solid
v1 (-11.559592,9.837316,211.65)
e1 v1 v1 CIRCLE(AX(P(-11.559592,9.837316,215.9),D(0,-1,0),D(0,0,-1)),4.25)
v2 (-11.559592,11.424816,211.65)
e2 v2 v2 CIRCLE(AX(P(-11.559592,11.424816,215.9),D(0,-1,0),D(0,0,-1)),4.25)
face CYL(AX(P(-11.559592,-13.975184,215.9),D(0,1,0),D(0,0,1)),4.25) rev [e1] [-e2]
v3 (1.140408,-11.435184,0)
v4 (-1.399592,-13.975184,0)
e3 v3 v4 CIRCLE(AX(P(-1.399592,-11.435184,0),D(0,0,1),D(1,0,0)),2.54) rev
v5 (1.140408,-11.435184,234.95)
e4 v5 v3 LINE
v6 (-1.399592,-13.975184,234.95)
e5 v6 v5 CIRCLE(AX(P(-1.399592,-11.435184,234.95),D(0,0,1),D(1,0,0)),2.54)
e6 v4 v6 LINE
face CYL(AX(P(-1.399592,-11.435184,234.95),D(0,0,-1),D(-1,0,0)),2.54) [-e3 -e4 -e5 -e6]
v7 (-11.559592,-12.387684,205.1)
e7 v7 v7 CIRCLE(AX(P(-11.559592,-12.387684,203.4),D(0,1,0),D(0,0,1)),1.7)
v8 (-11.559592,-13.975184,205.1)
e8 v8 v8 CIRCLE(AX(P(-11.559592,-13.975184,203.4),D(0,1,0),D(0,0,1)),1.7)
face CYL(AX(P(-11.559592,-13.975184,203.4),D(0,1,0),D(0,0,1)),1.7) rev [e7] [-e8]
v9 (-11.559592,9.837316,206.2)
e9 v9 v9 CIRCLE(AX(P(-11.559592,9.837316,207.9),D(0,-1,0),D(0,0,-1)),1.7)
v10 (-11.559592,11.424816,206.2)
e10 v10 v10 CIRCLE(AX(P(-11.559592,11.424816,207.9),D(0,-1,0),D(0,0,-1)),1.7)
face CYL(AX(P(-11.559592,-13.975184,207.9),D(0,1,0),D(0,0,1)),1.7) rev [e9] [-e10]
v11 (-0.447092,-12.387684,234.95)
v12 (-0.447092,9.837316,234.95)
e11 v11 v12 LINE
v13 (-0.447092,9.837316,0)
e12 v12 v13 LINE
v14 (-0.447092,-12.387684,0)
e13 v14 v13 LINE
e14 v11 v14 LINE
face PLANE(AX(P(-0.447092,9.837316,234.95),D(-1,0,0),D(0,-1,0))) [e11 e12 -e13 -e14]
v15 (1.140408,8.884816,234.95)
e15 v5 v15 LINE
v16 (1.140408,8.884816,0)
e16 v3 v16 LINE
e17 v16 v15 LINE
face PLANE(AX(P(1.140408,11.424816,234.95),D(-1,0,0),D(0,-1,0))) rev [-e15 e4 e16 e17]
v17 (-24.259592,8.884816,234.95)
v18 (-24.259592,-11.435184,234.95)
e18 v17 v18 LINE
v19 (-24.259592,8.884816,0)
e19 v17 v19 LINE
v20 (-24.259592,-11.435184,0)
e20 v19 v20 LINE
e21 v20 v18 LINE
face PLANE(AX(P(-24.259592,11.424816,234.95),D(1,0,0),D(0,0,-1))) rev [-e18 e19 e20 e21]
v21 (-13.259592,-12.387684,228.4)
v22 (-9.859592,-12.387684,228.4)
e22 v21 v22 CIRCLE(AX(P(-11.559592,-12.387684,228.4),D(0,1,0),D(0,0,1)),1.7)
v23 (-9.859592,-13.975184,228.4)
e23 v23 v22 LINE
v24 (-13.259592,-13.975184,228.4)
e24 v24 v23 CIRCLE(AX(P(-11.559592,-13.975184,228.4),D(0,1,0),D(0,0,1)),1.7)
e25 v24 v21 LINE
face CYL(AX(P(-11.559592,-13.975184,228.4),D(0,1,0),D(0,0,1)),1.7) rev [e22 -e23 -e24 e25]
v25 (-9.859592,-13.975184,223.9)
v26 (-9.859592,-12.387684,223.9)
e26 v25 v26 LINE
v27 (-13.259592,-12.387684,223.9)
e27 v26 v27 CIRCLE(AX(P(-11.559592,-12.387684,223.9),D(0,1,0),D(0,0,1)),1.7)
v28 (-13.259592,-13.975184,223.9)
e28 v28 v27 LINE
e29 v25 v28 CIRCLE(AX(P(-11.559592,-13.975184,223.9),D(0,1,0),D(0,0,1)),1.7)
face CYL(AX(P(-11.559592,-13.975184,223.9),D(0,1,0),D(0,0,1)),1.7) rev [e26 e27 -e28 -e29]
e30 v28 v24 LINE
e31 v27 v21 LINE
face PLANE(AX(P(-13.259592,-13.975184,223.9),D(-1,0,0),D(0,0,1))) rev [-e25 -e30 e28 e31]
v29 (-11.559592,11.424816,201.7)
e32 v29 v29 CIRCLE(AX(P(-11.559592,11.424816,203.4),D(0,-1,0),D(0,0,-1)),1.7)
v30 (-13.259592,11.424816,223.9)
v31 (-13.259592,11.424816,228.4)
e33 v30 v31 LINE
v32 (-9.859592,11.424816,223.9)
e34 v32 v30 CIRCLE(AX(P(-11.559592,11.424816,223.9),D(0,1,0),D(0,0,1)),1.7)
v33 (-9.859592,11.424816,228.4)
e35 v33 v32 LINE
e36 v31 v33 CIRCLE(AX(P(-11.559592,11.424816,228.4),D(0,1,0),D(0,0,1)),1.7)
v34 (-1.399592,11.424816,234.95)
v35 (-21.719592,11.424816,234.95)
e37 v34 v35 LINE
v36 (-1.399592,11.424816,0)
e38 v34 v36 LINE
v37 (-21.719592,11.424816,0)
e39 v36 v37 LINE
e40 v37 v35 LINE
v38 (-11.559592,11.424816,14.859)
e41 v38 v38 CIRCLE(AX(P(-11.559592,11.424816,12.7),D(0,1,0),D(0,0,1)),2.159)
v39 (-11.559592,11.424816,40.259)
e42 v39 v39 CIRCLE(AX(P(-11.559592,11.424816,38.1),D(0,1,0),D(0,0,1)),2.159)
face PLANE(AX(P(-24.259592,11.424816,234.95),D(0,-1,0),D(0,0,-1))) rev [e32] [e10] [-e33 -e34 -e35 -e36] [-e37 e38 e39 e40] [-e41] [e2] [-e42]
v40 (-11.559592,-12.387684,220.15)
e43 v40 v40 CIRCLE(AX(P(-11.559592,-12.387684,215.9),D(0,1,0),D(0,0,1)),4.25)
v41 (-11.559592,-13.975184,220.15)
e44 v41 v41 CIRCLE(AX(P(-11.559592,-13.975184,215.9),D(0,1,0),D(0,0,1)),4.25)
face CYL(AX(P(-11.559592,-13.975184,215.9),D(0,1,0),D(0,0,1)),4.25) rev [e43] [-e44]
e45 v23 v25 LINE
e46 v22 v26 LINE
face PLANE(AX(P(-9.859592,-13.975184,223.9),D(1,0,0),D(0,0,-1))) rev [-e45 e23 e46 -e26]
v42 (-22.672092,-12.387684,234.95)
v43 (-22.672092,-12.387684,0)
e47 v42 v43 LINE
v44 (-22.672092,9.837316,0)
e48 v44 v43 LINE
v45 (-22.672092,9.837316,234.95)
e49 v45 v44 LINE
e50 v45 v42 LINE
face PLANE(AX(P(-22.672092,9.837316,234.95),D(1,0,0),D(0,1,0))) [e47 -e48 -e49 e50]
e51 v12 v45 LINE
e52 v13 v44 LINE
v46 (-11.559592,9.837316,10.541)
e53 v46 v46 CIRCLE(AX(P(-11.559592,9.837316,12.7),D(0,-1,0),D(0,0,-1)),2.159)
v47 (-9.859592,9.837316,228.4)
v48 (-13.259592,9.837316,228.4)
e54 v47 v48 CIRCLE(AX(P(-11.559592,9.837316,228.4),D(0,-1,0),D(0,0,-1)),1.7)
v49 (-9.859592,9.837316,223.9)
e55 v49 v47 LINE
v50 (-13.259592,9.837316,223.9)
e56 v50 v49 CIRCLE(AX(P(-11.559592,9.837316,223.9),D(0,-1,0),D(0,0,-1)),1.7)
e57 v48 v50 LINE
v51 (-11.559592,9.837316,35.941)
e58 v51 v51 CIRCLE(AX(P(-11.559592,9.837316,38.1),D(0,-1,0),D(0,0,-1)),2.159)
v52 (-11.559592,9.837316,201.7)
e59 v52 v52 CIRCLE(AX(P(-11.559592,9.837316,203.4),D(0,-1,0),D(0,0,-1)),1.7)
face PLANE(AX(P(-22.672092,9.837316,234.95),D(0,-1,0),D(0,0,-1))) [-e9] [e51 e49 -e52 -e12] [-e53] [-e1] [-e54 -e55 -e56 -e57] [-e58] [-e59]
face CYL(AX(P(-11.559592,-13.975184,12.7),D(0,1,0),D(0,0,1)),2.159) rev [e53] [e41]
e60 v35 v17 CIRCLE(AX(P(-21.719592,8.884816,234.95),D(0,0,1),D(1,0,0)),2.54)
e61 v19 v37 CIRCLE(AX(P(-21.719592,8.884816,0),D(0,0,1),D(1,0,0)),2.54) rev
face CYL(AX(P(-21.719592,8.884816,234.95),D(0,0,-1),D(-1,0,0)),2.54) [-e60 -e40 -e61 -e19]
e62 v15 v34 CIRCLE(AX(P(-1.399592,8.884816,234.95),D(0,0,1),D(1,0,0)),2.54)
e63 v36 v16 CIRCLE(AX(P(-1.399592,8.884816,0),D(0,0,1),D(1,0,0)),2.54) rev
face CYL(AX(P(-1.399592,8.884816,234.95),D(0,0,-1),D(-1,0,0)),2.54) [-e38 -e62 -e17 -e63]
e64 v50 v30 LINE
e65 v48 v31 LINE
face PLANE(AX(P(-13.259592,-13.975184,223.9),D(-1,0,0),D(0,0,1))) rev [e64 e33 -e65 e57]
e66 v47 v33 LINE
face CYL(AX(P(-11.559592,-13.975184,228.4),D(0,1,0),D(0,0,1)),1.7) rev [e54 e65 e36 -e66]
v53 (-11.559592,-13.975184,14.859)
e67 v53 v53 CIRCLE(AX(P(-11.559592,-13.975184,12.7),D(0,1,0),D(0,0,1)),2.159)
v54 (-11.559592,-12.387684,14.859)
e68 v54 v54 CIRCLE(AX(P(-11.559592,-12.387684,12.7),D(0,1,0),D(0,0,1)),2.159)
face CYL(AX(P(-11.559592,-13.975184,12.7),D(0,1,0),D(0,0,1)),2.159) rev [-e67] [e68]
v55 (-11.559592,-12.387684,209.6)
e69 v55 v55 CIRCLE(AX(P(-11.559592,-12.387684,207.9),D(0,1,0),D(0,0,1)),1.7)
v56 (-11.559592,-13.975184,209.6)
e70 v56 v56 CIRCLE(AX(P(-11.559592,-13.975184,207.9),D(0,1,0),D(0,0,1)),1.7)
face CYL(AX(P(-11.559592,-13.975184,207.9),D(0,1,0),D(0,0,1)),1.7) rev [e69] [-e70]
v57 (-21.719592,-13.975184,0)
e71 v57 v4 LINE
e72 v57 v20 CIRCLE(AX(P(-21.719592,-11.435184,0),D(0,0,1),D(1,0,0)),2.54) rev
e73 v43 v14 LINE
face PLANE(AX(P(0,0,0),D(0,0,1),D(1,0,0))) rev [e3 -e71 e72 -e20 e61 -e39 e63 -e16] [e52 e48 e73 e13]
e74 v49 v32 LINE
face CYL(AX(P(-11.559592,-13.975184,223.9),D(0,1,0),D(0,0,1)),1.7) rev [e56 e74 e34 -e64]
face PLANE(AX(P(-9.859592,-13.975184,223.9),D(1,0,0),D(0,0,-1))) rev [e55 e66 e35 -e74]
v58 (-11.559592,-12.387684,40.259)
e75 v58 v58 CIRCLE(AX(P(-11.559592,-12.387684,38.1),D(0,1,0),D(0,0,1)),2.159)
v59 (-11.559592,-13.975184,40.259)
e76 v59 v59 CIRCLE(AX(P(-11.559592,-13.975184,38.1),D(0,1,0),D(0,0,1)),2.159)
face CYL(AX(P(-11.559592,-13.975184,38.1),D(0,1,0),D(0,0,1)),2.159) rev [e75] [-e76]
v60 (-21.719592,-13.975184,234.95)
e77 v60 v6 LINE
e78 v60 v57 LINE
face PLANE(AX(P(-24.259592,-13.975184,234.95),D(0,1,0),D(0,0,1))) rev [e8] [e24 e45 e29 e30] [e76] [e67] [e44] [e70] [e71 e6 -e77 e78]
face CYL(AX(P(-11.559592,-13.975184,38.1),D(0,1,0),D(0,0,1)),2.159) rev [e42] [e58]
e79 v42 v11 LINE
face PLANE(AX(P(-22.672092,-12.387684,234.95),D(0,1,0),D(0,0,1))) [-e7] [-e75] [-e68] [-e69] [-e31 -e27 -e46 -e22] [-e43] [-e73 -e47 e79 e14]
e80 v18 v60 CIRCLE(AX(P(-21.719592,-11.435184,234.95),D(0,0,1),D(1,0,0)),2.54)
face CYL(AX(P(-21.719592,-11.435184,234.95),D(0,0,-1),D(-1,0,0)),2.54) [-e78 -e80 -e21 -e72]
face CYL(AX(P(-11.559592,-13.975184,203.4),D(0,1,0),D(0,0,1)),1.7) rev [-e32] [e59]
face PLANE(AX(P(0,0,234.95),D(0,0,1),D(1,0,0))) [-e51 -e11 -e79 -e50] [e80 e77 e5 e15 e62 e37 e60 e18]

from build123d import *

# Parameters (mm, degrees)
SKETCH1_W               = 25.4
SKETCH1_H               = 25.4
SKETCH1_W_2             = 22.225
SKETCH1_H_2             = 22.225
BOSS_EXTRUDE1_DEPTH     = 234.95
FILLET1_R               = 2.54
SKETCH2_R               = 2.159
CUT_EXTRUDE1_DEPTH      = 238.560919126
CUT_EXTRUDE2_DEPTH      = 238.560919126
CUT_EXTRUDE2_DEPTH_BACK = 238.560919126
SKETCH3_R               = 1.7
SKETCH3_R_2             = 4.25


with BuildPart() as part:
    # Sketch1 → Boss-Extrude1 (new body)
    with BuildSketch(Plane.XY):
        with Locations((-11.559591837, -1.275183673)):
            Rectangle(SKETCH1_W, SKETCH1_H)
        with Locations((-11.559591837, -1.275183673)):
            Rectangle(SKETCH1_W_2, SKETCH1_H_2, mode=Mode.SUBTRACT)
    extrude(amount=BOSS_EXTRUDE1_DEPTH)

    # Fillet1
    fillet1_edges = [part.edges().sort_by_distance(p)[0] for p in [
        (-24.259591837, 11.424816327, 117.475),
        (1.140408163, 11.424816327, 117.475),
        (1.140408163, -13.975183673, 117.475),
        (-24.259591837, -13.975183673, 117.475),
    ]]
    fillet(fillet1_edges, radius=FILLET1_R)

    # Sketch2 → Cut-Extrude1 (cut, through all)
    with BuildSketch(Plane(origin=(0, 11.424816327, 0), x_dir=(1, 0, 0), z_dir=(0, 1, 0))):
        with Locations(Location((-11.559591837, -12.7, 0), (0, 0, 270))):
            Circle(SKETCH2_R)
        with Locations(Location((-11.559591837, -38.1, 0), (0, 0, 270))):
            Circle(SKETCH2_R)
    extrude(amount=-CUT_EXTRUDE1_DEPTH, mode=Mode.SUBTRACT)

    # Sketch3 → Cut-Extrude2 (cut, two sides: drawn at the far end of the back side and taken through both)
    with BuildSketch(Plane(origin=(0, 11.424816327, 0), x_dir=(1, 0, 0), z_dir=(0, 1, 0)).offset(-CUT_EXTRUDE2_DEPTH_BACK)):
        with Locations(Location((-11.559591837, -207.9, 0), (0, 0, 90))):
            Circle(SKETCH3_R)
        with Locations(Location((-11.559591837, -203.4, 0), (0, 0, 90))):
            Circle(SKETCH3_R)
        with Locations(Location((-11.559591837, -215.9, 0), (0, 0, 90))):
            Circle(SKETCH3_R_2)
        with BuildLine():
            Line((-9.859591837, -223.9), (-9.859591837, -228.4))
            ThreePointArc((-9.859591837, -228.4), (-11.559591837, -230.1), (-13.259591837, -228.4))
            Line((-13.259591837, -228.4), (-13.259591837, -223.9))
            ThreePointArc((-13.259591837, -223.9), (-11.559591837, -222.2), (-9.859591837, -223.9))
        make_face()
    extrude(amount=CUT_EXTRUDE2_DEPTH + CUT_EXTRUDE2_DEPTH_BACK, mode=Mode.SUBTRACT)


solid = part.part
